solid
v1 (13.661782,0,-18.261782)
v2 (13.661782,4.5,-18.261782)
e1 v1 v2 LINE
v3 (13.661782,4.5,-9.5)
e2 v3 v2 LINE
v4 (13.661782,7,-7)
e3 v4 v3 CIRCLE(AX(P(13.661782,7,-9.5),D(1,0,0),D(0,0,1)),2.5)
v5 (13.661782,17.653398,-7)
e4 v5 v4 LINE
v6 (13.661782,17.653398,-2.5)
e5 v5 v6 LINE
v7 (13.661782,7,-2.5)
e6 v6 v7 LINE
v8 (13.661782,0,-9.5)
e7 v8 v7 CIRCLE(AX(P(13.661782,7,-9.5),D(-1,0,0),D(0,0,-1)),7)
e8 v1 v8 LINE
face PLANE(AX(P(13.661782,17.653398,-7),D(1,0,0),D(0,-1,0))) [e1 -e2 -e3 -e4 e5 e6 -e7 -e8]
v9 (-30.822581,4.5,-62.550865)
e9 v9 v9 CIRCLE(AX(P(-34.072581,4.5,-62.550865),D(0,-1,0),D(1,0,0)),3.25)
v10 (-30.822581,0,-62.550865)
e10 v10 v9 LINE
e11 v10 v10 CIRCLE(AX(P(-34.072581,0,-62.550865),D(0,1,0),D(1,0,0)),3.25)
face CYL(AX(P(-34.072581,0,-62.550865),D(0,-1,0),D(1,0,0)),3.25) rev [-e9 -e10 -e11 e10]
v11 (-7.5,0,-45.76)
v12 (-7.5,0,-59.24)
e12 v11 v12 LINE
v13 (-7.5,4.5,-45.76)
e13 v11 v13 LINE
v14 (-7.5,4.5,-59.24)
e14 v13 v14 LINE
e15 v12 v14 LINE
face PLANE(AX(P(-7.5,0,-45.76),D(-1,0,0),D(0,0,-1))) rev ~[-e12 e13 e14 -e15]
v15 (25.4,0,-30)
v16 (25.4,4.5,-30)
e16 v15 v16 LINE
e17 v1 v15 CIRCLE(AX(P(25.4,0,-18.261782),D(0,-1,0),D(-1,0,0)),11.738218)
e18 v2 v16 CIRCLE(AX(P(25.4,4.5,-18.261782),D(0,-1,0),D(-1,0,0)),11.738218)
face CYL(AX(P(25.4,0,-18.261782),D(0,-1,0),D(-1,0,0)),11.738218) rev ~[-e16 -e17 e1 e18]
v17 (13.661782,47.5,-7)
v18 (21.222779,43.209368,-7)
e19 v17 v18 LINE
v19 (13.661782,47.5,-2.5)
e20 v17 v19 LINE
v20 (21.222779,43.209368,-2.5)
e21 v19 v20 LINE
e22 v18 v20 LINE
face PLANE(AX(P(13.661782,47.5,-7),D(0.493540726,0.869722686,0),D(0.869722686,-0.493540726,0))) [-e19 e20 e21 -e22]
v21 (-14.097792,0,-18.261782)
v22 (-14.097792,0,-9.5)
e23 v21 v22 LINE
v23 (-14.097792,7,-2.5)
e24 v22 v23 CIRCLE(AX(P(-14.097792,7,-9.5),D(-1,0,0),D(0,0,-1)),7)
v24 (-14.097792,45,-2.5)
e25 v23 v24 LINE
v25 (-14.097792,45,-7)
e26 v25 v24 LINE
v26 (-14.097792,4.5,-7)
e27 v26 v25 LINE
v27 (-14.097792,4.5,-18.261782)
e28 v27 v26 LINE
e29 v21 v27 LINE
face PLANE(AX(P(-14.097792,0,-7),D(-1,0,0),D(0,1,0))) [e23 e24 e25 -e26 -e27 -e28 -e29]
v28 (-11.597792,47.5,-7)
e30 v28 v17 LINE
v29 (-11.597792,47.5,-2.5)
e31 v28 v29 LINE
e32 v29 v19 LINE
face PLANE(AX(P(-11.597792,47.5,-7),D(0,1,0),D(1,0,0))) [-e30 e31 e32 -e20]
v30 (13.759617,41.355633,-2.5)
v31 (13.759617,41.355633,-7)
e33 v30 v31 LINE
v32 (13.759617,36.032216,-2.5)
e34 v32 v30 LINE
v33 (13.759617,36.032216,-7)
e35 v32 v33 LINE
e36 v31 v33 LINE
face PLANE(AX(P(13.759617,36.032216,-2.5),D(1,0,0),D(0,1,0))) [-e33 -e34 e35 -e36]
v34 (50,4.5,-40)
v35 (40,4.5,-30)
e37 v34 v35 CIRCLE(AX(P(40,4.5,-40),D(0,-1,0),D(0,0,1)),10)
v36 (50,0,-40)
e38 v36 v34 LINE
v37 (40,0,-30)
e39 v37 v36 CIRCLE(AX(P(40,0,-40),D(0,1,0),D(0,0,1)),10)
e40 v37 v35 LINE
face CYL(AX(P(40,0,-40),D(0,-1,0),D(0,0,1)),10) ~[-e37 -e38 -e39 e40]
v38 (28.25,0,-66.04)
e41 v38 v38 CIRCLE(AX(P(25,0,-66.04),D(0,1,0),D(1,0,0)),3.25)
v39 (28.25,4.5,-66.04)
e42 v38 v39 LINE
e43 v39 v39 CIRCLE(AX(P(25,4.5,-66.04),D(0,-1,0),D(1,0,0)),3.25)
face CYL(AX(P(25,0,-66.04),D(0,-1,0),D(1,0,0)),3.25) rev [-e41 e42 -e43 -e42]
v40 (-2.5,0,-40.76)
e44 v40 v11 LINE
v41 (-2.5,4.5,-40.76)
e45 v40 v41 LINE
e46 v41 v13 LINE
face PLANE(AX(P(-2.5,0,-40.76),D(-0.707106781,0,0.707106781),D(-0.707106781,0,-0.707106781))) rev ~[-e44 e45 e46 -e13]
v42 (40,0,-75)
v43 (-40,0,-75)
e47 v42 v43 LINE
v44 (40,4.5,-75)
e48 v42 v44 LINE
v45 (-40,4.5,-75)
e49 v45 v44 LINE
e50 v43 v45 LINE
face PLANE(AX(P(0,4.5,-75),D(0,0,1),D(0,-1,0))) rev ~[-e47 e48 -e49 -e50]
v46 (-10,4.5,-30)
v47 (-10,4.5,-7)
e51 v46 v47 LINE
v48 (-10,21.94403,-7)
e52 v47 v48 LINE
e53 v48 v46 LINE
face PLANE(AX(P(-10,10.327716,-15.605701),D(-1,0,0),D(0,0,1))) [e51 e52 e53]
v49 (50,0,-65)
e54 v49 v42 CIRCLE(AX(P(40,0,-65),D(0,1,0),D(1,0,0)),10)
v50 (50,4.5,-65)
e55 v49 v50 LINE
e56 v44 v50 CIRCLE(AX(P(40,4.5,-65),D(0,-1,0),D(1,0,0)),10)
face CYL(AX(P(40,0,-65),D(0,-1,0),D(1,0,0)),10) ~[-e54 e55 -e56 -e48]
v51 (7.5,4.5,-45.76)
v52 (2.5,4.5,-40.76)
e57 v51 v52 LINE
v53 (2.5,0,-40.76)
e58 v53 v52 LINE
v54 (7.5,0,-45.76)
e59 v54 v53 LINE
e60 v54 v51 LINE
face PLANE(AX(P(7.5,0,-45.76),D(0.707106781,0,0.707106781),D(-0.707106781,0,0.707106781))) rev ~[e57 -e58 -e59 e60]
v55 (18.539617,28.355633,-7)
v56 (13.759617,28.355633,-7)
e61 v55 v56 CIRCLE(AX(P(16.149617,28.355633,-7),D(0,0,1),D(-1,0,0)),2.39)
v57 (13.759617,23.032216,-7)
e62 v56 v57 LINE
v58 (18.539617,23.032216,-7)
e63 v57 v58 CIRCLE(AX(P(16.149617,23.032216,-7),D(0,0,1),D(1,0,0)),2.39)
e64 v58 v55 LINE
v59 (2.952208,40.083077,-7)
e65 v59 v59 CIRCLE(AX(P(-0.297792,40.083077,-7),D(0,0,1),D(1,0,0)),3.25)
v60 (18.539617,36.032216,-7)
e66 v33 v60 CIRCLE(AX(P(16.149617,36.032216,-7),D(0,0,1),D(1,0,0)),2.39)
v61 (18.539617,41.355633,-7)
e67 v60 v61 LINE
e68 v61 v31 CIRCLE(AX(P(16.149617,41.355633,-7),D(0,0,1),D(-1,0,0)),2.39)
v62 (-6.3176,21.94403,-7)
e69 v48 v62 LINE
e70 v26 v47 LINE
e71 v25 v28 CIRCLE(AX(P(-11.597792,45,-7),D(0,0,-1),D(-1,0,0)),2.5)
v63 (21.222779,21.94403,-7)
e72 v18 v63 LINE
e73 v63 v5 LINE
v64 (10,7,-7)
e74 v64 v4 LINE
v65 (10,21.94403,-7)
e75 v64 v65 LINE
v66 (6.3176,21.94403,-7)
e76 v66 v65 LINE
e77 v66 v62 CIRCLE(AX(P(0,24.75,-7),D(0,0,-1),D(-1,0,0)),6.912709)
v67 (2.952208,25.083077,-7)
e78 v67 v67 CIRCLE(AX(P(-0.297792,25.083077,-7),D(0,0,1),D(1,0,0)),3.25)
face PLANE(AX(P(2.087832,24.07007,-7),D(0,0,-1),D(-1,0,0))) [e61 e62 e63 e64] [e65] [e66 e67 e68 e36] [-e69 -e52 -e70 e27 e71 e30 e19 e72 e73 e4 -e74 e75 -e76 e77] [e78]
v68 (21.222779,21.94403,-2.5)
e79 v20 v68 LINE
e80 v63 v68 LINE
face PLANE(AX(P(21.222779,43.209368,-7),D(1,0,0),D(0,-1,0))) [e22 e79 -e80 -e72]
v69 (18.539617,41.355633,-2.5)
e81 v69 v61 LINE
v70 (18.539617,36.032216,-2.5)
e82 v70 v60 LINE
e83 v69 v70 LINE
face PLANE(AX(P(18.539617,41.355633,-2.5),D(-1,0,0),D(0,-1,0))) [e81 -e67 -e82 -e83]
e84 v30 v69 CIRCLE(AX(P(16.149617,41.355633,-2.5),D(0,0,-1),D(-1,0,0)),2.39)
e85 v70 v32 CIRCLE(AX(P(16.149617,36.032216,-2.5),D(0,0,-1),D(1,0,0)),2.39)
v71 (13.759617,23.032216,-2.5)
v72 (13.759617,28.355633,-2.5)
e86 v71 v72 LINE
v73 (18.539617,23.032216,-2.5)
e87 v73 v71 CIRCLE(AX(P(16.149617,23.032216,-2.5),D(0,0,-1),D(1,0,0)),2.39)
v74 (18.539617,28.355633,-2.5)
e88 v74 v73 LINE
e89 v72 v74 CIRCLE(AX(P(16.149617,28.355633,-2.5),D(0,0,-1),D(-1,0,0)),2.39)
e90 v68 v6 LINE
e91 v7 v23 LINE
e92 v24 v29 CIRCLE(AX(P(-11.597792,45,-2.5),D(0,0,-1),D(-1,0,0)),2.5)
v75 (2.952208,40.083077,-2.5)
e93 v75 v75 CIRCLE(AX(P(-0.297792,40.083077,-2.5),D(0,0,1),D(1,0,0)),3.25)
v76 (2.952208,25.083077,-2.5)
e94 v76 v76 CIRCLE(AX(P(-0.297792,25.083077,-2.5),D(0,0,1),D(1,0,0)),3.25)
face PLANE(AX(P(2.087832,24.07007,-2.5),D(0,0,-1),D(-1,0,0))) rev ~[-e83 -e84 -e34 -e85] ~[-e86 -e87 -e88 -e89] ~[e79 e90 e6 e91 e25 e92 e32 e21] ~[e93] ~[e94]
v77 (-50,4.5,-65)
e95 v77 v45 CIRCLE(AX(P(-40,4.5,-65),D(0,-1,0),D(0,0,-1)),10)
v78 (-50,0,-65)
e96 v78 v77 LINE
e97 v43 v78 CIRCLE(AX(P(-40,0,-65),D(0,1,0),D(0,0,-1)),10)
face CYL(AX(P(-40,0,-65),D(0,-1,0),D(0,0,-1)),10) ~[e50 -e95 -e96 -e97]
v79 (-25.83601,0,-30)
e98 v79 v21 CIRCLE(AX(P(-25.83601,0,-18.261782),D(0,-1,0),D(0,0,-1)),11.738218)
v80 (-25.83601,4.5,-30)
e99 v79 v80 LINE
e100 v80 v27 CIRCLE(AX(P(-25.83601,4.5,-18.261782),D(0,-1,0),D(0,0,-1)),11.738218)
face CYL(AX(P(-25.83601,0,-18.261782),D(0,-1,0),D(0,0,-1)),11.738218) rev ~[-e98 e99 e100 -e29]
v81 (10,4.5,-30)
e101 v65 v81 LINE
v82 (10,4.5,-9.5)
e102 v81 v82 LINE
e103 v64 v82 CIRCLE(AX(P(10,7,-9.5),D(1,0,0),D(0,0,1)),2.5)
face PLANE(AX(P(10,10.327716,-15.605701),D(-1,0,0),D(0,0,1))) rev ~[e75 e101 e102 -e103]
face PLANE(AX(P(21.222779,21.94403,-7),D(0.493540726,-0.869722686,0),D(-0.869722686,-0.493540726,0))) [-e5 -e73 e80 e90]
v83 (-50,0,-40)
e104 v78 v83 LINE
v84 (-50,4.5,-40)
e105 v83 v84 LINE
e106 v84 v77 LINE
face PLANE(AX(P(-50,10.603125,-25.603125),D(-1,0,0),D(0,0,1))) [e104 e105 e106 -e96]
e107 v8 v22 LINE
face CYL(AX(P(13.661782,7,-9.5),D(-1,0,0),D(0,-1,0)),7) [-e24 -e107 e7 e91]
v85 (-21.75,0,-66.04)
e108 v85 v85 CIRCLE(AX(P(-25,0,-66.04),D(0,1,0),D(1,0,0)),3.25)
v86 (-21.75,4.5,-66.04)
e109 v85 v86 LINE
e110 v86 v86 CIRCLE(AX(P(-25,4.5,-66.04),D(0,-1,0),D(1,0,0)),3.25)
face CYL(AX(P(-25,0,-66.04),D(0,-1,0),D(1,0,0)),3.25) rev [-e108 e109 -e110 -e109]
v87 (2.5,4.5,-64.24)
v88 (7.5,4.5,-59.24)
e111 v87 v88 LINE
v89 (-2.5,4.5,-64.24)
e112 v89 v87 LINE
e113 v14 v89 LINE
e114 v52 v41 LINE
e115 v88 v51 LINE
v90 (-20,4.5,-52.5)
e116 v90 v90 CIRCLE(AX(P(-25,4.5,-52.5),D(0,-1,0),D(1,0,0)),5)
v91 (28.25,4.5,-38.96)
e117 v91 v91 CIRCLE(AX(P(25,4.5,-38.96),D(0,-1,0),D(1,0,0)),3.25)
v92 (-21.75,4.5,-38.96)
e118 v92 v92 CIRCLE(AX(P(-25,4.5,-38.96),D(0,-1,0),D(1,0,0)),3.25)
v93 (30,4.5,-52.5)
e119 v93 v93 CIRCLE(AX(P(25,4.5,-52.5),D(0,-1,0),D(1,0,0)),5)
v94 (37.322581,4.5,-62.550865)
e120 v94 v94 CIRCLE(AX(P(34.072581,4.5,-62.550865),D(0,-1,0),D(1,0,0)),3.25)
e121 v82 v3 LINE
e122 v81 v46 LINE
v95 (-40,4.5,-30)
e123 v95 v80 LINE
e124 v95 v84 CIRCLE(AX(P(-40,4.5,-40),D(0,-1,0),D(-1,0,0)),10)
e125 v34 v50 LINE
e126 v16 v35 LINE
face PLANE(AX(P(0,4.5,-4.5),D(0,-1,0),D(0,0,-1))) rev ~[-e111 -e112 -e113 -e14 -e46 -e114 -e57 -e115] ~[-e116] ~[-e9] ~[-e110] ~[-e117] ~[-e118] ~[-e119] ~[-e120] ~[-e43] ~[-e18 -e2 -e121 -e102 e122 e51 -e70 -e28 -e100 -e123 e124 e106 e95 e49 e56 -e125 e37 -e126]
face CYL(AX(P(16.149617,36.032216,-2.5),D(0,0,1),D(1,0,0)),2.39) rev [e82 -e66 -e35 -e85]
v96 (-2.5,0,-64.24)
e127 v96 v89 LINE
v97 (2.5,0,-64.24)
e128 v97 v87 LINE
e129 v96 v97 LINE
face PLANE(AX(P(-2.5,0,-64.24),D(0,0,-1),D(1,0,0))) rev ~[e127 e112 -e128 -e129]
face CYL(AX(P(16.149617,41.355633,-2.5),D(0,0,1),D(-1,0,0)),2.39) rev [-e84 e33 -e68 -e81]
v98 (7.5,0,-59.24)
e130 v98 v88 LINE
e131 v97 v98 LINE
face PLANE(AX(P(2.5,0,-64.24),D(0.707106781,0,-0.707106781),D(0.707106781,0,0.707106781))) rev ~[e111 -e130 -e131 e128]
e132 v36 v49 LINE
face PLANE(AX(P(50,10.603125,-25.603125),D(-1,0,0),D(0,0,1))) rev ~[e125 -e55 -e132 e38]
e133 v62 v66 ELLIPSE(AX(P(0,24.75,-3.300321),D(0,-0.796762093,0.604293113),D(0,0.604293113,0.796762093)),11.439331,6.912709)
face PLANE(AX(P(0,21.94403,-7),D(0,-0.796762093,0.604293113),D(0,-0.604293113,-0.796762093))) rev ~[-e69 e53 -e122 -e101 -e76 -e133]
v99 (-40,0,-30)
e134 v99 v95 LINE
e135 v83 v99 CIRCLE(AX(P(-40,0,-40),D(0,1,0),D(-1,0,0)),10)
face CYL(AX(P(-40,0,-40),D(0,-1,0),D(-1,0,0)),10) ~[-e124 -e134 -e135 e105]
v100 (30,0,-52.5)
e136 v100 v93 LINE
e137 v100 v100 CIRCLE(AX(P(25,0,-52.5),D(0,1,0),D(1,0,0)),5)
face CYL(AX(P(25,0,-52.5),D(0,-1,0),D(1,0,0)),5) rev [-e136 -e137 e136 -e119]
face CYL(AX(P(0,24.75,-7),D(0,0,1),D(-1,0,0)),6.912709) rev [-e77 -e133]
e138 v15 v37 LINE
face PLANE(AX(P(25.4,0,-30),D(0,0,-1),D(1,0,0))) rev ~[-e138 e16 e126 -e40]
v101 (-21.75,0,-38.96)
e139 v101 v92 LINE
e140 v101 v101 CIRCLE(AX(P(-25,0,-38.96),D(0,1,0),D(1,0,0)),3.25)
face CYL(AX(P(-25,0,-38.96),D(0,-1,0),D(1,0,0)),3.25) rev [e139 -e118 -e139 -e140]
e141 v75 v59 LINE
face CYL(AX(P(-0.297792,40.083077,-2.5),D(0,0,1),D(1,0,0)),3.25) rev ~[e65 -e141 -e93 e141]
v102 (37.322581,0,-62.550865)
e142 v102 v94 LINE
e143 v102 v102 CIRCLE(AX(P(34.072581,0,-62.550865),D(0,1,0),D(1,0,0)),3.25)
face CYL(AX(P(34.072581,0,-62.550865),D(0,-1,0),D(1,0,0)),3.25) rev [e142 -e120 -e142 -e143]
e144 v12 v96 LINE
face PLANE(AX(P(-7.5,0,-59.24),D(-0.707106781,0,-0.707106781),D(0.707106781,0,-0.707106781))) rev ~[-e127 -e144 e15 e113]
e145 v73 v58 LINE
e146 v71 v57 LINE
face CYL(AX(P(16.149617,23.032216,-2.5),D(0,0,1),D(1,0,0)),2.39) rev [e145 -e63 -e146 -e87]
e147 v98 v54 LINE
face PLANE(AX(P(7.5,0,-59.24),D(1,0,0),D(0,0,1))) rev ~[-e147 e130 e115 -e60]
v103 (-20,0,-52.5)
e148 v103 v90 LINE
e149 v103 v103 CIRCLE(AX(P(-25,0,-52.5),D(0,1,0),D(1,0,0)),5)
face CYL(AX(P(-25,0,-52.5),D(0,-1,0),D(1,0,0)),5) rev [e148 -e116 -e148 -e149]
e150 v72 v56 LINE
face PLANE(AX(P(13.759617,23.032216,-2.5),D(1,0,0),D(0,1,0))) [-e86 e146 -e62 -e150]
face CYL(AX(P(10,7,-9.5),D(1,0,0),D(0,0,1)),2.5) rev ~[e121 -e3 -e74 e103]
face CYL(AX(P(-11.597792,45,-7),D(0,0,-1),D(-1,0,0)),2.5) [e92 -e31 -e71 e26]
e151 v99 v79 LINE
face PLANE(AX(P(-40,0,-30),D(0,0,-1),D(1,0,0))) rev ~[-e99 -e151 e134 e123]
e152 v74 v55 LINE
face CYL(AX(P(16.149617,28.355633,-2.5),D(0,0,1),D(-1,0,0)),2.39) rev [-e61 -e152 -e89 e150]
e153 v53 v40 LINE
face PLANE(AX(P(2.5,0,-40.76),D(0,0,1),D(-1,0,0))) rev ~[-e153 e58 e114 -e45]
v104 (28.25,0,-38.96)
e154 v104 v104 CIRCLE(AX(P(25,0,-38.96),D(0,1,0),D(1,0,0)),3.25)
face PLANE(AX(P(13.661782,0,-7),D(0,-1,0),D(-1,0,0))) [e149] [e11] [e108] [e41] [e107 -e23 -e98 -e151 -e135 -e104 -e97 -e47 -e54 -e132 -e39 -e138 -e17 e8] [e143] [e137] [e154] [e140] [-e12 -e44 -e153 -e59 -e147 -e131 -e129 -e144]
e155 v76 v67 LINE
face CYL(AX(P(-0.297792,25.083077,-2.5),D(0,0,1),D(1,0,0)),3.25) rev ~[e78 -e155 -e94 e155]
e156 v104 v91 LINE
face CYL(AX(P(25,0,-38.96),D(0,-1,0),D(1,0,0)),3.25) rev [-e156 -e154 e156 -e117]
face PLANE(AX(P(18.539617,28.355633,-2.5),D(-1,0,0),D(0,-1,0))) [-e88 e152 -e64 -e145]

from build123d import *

# Parameters (mm, degrees)
BOSS_EXTRUDE1_DEPTH       = 50
SKETCH2_OUTSIDE_W         = 128.57
SKETCH2_OUTSIDE_H         = 103.57
SKETCH2_OUTSIDE_R         = 5
SKETCH2_OUTSIDE_R_2       = 3.25
CUT_EXTRUDE34_DEPTH       = 46
CUT_EXTRUDE34_DEPTH_BACK  = 1
BOSS_EXTRUDE3_DEPTH       = 4.5
SUPPORT_DEPTH             = 10
FILLET3_R                 = 2.5
FILLET4_R                 = 7
SKETCH6_R                 = 3.25
LOADCELL_MOUNT_DEPTH      = 1
LOADCELL_MOUNT_DEPTH_BACK = 73.5
WIREHOLE_DEPTH            = 5.18
SKETCH9_R                 = 6.912708826
CUT_EXTRUDE35_DEPTH       = 10


with BuildPart() as part:
    # Sketch1 → Boss-Extrude1 (new body, symmetric)
    with BuildSketch(Plane(origin=(0, 0, 0), x_dir=(0, 0, -1), z_dir=(1, 0, 0))):
        Polygon((0, 0), (0, 45), (4.5, 45), (4.5, 4.5), (75, 4.5), (75, 0), align=None)
    extrude(amount=BOSS_EXTRUDE1_DEPTH, both=True)

    # Sketch2 outside → Cut-Extrude34 (cut, two sides)
    with BuildSketch(Plane(origin=(0, 0, 0), x_dir=(1, 0, 0), z_dir=(0, 1, 0))) as cut_extrude34_sk:
        with Locations((0, 37.5)):
            Rectangle(SKETCH2_OUTSIDE_W, SKETCH2_OUTSIDE_H)
        with BuildLine():
            Line((-40, 30), (-25.836010131, 30))
            ThreePointArc((-25.836010131, 30), (-17.535836731, 26.561955607), (-14.097792338, 18.261782207))
            Line((-14.097792338, 18.261782207), (-14.097792338, 7))
            Line((-14.097792338, 7), (13.661782207, 7))
            Line((13.661782207, 7), (13.661782207, 18.261782207))
            ThreePointArc((13.661782207, 18.261782207), (17.099826599, 26.561955607), (25.4, 30))
            Line((25.4, 30), (40, 30))
            ThreePointArc((40, 30), (47.071067812, 32.928932188), (50, 40))
            Line((50, 40), (50, 65))
            ThreePointArc((50, 65), (47.071067812, 72.071067812), (40, 75))
            Line((40, 75), (-40, 75))
            ThreePointArc((-40, 75), (-47.071067812, 72.071067812), (-50, 65))
            Line((-50, 65), (-50, 40))
            ThreePointArc((-50, 40), (-47.071067812, 32.928932188), (-40, 30))
        make_face(mode=Mode.SUBTRACT)
        with Locations((-25, 52.5)):
            Circle(SKETCH2_OUTSIDE_R)
        with Locations((25, 52.5)):
            Circle(SKETCH2_OUTSIDE_R)
        with Locations((25, 66.04)):
            Circle(SKETCH2_OUTSIDE_R_2)
        with Locations((25, 38.96)):
            Circle(SKETCH2_OUTSIDE_R_2)
        with Locations((34.072580566, 62.550864733)):
            Circle(SKETCH2_OUTSIDE_R_2)
        with Locations((-25, 66.04)):
            Circle(SKETCH2_OUTSIDE_R_2)
        with Locations((-25, 38.96)):
            Circle(SKETCH2_OUTSIDE_R_2)
        with Locations((-34.072580566, 62.550864733)):
            Circle(SKETCH2_OUTSIDE_R_2)
        Polygon((-2.5, 64.24), (2.5, 64.24), (7.5, 59.24), (7.5, 45.76), (2.5, 40.76), (-2.5, 40.76), (-7.5, 45.76), (-7.5, 59.24), align=None)
    extrude(amount=CUT_EXTRUDE34_DEPTH, mode=Mode.SUBTRACT)
    extrude(cut_extrude34_sk.sketch, amount=-CUT_EXTRUDE34_DEPTH_BACK, mode=Mode.SUBTRACT)

    # Sketch4 → Boss-Extrude3 (add)
    with BuildSketch(Plane.XY.offset(-7)):
        with BuildLine():
            Line((-14.097792338, 0), (-14.097792338, 45))
            ThreePointArc((-14.097792338, 45), (-13.365559291, 46.767766953), (-11.597792338, 47.5))
            Line((-11.597792338, 47.5), (13.661782207, 47.5))
            Line((13.661782207, 47.5), (21.222778521, 43.209368433))
            Line((21.222778521, 43.209368433), (21.222778521, 21.944029683))
            Line((21.222778521, 21.944029683), (13.661782207, 17.653398116))
            Line((13.661782207, 17.653398116), (13.661782207, 4.5))
            Line((13.661782207, 4.5), (13.661782207, 0))
            Line((13.661782207, 0), (-14.097792338, 0))
        make_face()
    extrude(amount=BOSS_EXTRUDE3_DEPTH)

    # Sketch → Support (add, symmetric)
    with BuildSketch(Plane(origin=(0, 0, 0), x_dir=(0, 0, -1), z_dir=(1, 0, 0))):
        Polygon((7, 21.944029683), (30, 4.5), (7, 4.5), align=None)
    extrude(amount=SUPPORT_DEPTH, both=True)

    # Fillet3
    fillet3_edges = [part.edges().sort_by_distance(p)[0] for p in [
        (11.830891103, 4.5, -7),
    ]]
    fillet(fillet3_edges, radius=FILLET3_R)

    # Fillet4
    fillet4_edges = [part.edges().sort_by_distance(p)[0] for p in [
        (-0.218005066, 0, -2.5),
    ]]
    fillet(fillet4_edges, radius=FILLET4_R)

    # Sketch6 → LoadCell_Mount (cut, two sides)
    with BuildSketch(Plane.XY.offset(-2.5)) as loadcell_mount_sk:
        with Locations((-0.297792338, 40.083077312)):
            Circle(SKETCH6_R)
        with Locations((-0.297792338, 25.083077312)):
            Circle(SKETCH6_R)
    extrude(amount=LOADCELL_MOUNT_DEPTH, mode=Mode.SUBTRACT)
    extrude(loadcell_mount_sk.sketch, amount=-LOADCELL_MOUNT_DEPTH_BACK, mode=Mode.SUBTRACT)

    # Sketch7 → WireHole (cut)
    with BuildSketch(Plane.XY.offset(-2.5)):
        with BuildLine():
            Line((18.539617084, 41.355633115), (18.539617084, 36.032215871))
            ThreePointArc((18.539617084, 36.032215871), (16.149617084, 33.642215871), (13.759617084, 36.032215871))
            Line((13.759617084, 36.032215871), (13.759617084, 41.355633115))
            ThreePointArc((13.759617084, 41.355633115), (16.149617084, 43.745633115), (18.539617084, 41.355633115))
        make_face()
        with BuildLine():
            Line((18.539617084, 28.355633115), (18.539617084, 23.032215871))
            ThreePointArc((18.539617084, 23.032215871), (16.149617084, 20.642215871), (13.759617084, 23.032215871))
            Line((13.759617084, 23.032215871), (13.759617084, 28.355633115))
            ThreePointArc((13.759617084, 28.355633115), (16.149617084, 30.745633115), (18.539617084, 28.355633115))
        make_face()
    extrude(amount=-WIREHOLE_DEPTH, mode=Mode.SUBTRACT)

    # Sketch9 → Cut-Extrude35 (cut)
    with BuildSketch(Plane(origin=(0, 0, -7), x_dir=(-1, 0, 0), z_dir=(0, 0, -1))):
        with Locations((0, 24.75)):
            Circle(SKETCH9_R)
    extrude(amount=CUT_EXTRUDE35_DEPTH, mode=Mode.SUBTRACT)


solid = part.part
